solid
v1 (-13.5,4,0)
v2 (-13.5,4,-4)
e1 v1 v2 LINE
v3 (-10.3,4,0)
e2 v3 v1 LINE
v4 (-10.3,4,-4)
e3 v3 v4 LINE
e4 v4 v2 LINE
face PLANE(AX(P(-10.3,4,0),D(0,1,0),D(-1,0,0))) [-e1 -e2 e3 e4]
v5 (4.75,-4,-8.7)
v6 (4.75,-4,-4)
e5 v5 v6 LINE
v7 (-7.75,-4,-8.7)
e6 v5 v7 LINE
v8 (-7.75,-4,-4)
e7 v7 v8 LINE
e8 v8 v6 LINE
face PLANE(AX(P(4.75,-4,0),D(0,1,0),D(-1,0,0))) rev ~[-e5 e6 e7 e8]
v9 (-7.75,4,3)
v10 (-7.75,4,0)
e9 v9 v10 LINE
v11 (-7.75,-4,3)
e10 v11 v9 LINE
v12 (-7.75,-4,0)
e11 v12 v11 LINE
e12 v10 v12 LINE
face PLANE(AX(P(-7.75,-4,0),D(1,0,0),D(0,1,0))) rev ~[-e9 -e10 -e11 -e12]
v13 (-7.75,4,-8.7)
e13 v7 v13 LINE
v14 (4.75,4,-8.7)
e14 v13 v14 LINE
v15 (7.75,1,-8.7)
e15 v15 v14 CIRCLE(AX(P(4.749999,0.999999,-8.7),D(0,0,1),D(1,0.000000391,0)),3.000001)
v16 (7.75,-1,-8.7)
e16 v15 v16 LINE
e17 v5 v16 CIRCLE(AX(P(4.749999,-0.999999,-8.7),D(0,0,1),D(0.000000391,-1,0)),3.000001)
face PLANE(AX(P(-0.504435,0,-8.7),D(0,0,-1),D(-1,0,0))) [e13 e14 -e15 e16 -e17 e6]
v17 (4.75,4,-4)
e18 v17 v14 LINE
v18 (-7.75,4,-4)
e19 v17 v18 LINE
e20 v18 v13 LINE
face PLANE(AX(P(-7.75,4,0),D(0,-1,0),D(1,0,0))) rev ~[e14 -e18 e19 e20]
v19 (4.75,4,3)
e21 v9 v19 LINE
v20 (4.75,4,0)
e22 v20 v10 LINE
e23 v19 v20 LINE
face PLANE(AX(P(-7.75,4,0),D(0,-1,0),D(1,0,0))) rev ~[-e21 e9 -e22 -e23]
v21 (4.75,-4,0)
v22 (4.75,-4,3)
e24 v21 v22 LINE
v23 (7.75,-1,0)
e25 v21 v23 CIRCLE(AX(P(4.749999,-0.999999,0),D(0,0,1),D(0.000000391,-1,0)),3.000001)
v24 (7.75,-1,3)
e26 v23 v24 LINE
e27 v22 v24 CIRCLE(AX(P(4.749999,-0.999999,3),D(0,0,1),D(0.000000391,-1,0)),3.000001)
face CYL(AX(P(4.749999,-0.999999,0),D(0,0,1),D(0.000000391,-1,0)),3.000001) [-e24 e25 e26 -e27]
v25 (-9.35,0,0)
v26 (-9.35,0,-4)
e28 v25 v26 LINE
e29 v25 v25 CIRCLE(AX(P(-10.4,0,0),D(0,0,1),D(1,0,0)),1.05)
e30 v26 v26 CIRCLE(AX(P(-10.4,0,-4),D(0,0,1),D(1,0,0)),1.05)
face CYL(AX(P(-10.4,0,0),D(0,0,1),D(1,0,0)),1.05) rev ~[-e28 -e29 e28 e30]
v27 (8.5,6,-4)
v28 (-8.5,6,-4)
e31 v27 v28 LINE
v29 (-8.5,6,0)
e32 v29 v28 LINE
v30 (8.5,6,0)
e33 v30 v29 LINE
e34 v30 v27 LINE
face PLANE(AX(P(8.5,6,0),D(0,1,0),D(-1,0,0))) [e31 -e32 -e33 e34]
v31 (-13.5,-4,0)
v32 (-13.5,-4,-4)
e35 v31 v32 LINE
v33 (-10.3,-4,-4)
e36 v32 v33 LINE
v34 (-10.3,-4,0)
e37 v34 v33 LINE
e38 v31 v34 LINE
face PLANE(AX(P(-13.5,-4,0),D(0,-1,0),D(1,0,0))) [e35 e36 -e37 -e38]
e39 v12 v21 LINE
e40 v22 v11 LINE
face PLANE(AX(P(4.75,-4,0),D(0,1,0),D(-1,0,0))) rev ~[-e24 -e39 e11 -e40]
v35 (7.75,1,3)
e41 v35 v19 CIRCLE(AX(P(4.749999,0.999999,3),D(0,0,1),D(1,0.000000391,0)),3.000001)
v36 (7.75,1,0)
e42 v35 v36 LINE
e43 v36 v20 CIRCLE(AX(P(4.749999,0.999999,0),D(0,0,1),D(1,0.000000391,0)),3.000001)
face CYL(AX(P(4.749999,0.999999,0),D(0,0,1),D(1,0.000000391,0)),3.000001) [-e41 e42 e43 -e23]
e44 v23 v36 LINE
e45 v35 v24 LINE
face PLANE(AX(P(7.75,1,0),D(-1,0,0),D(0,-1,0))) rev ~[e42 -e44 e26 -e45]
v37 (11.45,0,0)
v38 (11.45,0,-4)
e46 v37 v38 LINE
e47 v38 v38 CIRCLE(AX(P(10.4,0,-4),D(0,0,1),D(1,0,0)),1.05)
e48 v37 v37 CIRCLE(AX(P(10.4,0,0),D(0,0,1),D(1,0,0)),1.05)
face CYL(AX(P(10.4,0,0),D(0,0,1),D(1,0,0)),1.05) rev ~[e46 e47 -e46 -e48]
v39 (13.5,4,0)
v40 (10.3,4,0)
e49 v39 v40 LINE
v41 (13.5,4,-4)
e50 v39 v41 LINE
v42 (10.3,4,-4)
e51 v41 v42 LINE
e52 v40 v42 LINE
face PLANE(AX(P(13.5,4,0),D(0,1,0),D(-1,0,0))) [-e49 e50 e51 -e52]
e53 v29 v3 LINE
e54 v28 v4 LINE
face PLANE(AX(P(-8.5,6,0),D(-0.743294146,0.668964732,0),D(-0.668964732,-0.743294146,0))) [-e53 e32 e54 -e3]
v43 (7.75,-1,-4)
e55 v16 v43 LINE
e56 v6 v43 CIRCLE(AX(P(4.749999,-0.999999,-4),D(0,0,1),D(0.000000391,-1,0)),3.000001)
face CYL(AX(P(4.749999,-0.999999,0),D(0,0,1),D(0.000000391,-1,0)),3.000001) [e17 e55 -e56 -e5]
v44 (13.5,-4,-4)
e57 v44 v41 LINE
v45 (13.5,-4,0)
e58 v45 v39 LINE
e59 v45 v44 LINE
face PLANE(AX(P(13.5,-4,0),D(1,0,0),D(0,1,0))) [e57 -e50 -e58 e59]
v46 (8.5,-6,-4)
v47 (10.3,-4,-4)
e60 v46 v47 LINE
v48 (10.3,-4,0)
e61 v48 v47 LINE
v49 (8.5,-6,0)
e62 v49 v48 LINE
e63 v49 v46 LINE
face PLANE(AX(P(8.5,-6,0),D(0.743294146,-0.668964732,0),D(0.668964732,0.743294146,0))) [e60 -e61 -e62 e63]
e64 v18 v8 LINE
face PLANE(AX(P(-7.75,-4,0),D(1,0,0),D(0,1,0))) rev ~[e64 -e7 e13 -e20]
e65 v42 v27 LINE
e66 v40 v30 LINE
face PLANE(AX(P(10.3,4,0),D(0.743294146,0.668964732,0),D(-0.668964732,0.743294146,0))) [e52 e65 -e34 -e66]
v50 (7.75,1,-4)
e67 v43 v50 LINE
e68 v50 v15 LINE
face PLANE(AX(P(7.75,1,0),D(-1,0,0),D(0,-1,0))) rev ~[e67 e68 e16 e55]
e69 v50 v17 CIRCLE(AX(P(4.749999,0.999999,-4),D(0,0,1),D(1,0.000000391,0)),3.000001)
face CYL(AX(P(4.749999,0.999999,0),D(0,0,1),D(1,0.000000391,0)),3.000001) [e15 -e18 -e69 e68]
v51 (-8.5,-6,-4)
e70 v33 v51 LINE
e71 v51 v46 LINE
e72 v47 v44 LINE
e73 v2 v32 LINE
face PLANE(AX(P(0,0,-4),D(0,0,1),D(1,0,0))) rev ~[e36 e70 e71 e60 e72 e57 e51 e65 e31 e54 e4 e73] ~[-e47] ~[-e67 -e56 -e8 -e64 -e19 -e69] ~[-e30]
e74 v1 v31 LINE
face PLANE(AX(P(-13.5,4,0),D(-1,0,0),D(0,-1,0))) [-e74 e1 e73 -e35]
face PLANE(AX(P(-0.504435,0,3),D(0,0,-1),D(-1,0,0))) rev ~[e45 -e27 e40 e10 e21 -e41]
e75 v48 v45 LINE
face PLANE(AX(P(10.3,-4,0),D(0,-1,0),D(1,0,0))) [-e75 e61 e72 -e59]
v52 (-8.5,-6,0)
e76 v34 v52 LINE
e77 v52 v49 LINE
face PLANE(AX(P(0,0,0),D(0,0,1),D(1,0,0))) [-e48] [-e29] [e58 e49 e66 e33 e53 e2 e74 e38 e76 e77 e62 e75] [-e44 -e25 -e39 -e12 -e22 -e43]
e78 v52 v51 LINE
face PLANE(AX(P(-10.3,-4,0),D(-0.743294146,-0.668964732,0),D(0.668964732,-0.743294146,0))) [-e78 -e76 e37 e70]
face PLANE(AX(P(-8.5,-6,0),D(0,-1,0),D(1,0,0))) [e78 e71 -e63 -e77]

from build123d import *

# Parameters (mm, degrees)
PAD_DEPTH      = 3
PAD_DEPTH_BACK = 8.7
SKETCH001_R    = 1.05
PAD001_DEPTH   = 4


with BuildPart() as part:
    # Sketch → Pad (new body, two sides)
    with BuildSketch(Plane.XY) as pad_sk:
        with BuildLine():
            Line((-7.75, -4), (-7.75, 4))
            Line((-7.75, 4), (4.75, 4))
            ThreePointArc((7.75, 1), (6.87132, 3.12132), (4.75, 4))
            Line((7.75, 1), (7.75, -1))
            ThreePointArc((4.75, -4), (6.87132, -3.12132), (7.75, -1))
            Line((4.75, -4), (-7.75, -4))
        make_face()
    extrude(amount=PAD_DEPTH)
    extrude(pad_sk.sketch, amount=-PAD_DEPTH_BACK)

    # Sketch001 → Pad001 (join)
    with BuildSketch(Plane.XY):
        Polygon((-13.5, 4), (-13.5, -4), (-10.3, -4), (-8.5, -6), (8.5, -6), (10.3, -4), (13.5, -4), (13.5, 4), (10.3, 4), (8.5, 6), (-8.5, 6), (-10.3, 4), align=None)
        with Locations((-10.4, 0)):
            Circle(SKETCH001_R, mode=Mode.SUBTRACT)
        with Locations((10.4, 0)):
            Circle(SKETCH001_R, mode=Mode.SUBTRACT)
    extrude(amount=-PAD001_DEPTH)


solid = part.part
